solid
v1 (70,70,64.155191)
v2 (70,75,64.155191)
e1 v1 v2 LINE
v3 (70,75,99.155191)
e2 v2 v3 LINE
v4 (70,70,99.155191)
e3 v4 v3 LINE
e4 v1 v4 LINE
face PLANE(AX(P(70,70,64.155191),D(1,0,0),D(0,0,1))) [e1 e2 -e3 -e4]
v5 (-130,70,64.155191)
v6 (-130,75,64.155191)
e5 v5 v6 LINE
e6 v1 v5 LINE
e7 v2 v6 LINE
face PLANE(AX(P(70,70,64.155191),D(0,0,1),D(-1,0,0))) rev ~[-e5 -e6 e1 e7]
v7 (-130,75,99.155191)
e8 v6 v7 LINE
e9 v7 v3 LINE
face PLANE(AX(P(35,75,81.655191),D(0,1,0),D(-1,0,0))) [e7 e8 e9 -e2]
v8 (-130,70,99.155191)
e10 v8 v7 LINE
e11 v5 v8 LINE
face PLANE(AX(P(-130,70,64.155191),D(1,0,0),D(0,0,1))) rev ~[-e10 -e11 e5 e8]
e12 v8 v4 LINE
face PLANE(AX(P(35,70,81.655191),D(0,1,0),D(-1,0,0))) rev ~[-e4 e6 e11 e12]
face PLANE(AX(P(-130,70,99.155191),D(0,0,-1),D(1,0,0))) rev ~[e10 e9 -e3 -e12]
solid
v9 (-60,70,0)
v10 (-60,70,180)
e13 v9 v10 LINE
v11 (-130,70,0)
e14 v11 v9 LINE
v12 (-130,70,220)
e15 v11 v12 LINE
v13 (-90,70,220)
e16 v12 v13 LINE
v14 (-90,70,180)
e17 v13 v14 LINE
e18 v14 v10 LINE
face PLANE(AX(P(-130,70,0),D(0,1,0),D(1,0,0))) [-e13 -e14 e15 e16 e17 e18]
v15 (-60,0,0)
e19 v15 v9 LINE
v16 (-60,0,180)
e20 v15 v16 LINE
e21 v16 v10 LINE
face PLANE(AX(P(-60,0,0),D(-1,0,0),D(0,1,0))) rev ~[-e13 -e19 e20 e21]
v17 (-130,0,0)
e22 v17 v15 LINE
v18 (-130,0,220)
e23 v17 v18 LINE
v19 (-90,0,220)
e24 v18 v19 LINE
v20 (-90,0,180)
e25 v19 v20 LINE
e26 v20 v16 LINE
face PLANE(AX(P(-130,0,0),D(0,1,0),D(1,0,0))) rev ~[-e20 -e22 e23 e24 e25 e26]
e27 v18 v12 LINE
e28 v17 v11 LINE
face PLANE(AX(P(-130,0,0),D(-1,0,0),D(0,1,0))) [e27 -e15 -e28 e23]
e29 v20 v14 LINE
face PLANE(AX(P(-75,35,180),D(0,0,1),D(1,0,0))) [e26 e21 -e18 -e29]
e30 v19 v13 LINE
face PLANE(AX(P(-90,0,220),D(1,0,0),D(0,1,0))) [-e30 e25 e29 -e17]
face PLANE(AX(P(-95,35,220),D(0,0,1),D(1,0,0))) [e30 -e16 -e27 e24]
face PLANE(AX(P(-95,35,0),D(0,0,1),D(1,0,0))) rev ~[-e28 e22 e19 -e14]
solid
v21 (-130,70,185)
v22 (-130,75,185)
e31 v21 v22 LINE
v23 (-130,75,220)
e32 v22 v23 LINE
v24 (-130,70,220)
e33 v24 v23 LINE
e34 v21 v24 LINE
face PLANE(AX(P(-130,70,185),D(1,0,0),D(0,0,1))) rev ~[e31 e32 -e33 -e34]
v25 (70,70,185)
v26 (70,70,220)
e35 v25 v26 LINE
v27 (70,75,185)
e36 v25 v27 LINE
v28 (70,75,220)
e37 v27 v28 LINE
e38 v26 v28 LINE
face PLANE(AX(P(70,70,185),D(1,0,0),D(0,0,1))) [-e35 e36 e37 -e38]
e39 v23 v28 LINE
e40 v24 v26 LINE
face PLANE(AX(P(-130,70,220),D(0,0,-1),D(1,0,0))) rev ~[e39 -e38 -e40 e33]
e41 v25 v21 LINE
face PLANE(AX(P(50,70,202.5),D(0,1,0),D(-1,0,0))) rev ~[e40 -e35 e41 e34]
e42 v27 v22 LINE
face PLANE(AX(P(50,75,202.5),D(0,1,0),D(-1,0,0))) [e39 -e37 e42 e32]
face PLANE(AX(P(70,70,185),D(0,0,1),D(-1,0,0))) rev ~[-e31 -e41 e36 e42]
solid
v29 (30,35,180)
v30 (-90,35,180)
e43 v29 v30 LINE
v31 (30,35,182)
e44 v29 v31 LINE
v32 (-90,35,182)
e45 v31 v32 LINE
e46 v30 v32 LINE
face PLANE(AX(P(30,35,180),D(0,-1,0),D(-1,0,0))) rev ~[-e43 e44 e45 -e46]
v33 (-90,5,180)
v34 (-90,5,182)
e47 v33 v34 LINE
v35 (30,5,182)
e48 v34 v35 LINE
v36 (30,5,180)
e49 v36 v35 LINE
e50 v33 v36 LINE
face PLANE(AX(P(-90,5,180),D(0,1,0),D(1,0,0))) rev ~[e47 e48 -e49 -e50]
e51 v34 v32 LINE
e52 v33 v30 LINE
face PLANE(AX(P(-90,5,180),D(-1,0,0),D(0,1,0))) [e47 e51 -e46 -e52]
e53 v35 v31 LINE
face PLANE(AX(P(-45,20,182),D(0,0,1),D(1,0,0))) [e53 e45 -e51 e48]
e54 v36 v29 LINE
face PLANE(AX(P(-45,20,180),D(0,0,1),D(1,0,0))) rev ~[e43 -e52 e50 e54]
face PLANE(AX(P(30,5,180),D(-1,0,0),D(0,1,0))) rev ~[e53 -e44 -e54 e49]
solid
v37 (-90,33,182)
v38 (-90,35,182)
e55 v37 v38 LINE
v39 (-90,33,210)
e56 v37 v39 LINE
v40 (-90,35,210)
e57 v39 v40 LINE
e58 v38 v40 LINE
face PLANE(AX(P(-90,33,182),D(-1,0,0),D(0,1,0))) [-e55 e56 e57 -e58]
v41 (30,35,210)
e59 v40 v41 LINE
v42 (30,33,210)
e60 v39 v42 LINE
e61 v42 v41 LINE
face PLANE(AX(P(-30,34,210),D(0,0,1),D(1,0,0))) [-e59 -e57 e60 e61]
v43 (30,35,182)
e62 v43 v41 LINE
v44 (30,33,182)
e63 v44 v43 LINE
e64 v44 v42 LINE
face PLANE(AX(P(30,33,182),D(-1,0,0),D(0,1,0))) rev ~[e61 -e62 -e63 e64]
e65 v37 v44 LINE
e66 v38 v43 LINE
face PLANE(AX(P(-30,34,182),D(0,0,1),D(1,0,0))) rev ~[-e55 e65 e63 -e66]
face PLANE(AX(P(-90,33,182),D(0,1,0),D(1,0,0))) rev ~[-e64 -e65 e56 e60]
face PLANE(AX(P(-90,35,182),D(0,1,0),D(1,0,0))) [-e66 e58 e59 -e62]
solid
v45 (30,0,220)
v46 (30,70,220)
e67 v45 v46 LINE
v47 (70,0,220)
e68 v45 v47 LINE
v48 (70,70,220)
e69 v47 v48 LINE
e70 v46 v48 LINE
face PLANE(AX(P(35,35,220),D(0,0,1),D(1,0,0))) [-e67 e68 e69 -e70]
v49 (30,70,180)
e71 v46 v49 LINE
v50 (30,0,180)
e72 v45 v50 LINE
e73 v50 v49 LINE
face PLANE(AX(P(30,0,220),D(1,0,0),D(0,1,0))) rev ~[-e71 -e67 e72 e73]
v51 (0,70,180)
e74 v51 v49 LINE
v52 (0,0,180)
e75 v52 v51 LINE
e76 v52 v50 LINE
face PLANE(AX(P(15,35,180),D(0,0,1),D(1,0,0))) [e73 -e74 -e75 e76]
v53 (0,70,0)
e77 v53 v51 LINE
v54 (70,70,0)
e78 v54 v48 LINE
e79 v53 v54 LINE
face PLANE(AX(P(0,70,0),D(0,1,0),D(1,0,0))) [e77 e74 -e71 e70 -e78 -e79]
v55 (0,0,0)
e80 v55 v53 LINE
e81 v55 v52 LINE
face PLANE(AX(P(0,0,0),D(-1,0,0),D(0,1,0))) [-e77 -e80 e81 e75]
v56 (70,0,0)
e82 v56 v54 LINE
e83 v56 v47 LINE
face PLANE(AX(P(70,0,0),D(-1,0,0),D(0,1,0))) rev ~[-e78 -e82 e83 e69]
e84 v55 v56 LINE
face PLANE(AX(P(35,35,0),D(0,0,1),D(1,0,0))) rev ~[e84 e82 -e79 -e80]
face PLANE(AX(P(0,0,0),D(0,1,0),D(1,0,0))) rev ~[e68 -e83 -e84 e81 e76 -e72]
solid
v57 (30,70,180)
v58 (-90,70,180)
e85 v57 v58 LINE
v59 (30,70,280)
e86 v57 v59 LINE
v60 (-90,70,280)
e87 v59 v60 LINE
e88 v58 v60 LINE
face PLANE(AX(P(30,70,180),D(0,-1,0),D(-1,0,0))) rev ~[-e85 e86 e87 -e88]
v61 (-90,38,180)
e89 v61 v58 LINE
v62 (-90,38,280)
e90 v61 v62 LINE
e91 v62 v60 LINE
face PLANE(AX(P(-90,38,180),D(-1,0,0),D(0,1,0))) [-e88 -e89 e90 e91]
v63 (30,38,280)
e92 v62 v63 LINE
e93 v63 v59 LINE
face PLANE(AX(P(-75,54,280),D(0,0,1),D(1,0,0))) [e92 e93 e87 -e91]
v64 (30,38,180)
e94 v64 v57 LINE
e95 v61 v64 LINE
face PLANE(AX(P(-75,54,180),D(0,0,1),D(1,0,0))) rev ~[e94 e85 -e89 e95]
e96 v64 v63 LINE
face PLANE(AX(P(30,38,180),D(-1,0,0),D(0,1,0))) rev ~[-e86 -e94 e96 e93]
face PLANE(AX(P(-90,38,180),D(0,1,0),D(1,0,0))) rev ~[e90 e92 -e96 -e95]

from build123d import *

# Parameters (mm, degrees)
F0_W      = 70
F0_H      = 70
F1_DEPTH  = 220
F2_W      = 30
F2_H      = 70
F4_DEPTH  = 40
F3_W      = 30
F3_H      = 70
F5_DEPTH  = 40
F6_W      = 30
F6_H      = 32
F6_W_2    = 90
F7_DEPTH  = 100
F8_W      = 40
F8_H      = 35
F8_W_2    = 160
F9_DEPTH  = 5
F10_W     = 70
F10_H     = 35
F10_W_2   = 130
F11_DEPTH = 5
F12_W     = 90
F12_H     = 30
F12_W_2   = 30
F13_DEPTH = 2
F14_W     = 120
F14_H     = 2
F15_DEPTH = 28


with BuildPart() as f1:
    # F0 (on Top) → F1 (new body)
    with BuildSketch(Plane.XY):
        with Locations((-95, 35)):
            Rectangle(F0_W, F0_H)
        with Locations((35, 35)):
            Rectangle(F0_W, F0_H)
    extrude(amount=F1_DEPTH)

    # F2 (on face) → F4 (cut)
    with BuildSketch(Plane.XY.offset(220)):
        with Locations((-75, 35)):
            Rectangle(F2_W, F2_H)
    extrude(amount=-F4_DEPTH, mode=Mode.SUBTRACT)

    # F3 (on face) → F5 (cut)
    with BuildSketch(Plane.XY.offset(220)):
        with Locations((15, 35)):
            Rectangle(F3_W, F3_H)
    extrude(amount=-F5_DEPTH, mode=Mode.SUBTRACT)


with BuildPart() as f7:
    # F6 (on face) → F7 (new body)
    with BuildSketch(Plane.XY.offset(180)):
        with Locations((-75, 54)):
            Rectangle(F6_W, F6_H)
        with Locations((-15, 54)):
            Rectangle(F6_W_2, F6_H)
    extrude(amount=F7_DEPTH)


with BuildPart() as f9:
    # F8 (on face) → F9 (new body)
    with BuildSketch(Plane(origin=(0, 70, 0), x_dir=(-1, 0, 0), z_dir=(0, 1, 0))):
        with Locations((-50, 202.5)):
            Rectangle(F8_W, F8_H)
        with Locations((50, 202.5)):
            Rectangle(F8_W_2, F8_H)
    extrude(amount=F9_DEPTH)


with BuildPart() as f11:
    # F10 (on face) → F11 (new body)
    with BuildSketch(Plane(origin=(0, 70, 0), x_dir=(-1, 0, 0), z_dir=(0, 1, 0))):
        with Locations((-35, 81.655191)):
            Rectangle(F10_W, F10_H)
        with Locations((65, 81.655191)):
            Rectangle(F10_W_2, F10_H)
    extrude(amount=F11_DEPTH)


with BuildPart() as f13:
    # F12 (on face) → F13 (new body)
    with BuildSketch(Plane.XY.offset(180)):
        with Locations((-45, 20)):
            Rectangle(F12_W, F12_H)
        with Locations((15, 20)):
            Rectangle(F12_W_2, F12_H)
    extrude(amount=F13_DEPTH)


with BuildPart() as f15:
    # F14 (on face) → F15 (new body)
    with BuildSketch(Plane.XY.offset(182)):
        with Locations((-30, 34)):
            Rectangle(F14_W, F14_H)
    extrude(amount=F15_DEPTH)


solid = Compound([f1.part, f7.part, f9.part, f11.part, f13.part, f15.part])
